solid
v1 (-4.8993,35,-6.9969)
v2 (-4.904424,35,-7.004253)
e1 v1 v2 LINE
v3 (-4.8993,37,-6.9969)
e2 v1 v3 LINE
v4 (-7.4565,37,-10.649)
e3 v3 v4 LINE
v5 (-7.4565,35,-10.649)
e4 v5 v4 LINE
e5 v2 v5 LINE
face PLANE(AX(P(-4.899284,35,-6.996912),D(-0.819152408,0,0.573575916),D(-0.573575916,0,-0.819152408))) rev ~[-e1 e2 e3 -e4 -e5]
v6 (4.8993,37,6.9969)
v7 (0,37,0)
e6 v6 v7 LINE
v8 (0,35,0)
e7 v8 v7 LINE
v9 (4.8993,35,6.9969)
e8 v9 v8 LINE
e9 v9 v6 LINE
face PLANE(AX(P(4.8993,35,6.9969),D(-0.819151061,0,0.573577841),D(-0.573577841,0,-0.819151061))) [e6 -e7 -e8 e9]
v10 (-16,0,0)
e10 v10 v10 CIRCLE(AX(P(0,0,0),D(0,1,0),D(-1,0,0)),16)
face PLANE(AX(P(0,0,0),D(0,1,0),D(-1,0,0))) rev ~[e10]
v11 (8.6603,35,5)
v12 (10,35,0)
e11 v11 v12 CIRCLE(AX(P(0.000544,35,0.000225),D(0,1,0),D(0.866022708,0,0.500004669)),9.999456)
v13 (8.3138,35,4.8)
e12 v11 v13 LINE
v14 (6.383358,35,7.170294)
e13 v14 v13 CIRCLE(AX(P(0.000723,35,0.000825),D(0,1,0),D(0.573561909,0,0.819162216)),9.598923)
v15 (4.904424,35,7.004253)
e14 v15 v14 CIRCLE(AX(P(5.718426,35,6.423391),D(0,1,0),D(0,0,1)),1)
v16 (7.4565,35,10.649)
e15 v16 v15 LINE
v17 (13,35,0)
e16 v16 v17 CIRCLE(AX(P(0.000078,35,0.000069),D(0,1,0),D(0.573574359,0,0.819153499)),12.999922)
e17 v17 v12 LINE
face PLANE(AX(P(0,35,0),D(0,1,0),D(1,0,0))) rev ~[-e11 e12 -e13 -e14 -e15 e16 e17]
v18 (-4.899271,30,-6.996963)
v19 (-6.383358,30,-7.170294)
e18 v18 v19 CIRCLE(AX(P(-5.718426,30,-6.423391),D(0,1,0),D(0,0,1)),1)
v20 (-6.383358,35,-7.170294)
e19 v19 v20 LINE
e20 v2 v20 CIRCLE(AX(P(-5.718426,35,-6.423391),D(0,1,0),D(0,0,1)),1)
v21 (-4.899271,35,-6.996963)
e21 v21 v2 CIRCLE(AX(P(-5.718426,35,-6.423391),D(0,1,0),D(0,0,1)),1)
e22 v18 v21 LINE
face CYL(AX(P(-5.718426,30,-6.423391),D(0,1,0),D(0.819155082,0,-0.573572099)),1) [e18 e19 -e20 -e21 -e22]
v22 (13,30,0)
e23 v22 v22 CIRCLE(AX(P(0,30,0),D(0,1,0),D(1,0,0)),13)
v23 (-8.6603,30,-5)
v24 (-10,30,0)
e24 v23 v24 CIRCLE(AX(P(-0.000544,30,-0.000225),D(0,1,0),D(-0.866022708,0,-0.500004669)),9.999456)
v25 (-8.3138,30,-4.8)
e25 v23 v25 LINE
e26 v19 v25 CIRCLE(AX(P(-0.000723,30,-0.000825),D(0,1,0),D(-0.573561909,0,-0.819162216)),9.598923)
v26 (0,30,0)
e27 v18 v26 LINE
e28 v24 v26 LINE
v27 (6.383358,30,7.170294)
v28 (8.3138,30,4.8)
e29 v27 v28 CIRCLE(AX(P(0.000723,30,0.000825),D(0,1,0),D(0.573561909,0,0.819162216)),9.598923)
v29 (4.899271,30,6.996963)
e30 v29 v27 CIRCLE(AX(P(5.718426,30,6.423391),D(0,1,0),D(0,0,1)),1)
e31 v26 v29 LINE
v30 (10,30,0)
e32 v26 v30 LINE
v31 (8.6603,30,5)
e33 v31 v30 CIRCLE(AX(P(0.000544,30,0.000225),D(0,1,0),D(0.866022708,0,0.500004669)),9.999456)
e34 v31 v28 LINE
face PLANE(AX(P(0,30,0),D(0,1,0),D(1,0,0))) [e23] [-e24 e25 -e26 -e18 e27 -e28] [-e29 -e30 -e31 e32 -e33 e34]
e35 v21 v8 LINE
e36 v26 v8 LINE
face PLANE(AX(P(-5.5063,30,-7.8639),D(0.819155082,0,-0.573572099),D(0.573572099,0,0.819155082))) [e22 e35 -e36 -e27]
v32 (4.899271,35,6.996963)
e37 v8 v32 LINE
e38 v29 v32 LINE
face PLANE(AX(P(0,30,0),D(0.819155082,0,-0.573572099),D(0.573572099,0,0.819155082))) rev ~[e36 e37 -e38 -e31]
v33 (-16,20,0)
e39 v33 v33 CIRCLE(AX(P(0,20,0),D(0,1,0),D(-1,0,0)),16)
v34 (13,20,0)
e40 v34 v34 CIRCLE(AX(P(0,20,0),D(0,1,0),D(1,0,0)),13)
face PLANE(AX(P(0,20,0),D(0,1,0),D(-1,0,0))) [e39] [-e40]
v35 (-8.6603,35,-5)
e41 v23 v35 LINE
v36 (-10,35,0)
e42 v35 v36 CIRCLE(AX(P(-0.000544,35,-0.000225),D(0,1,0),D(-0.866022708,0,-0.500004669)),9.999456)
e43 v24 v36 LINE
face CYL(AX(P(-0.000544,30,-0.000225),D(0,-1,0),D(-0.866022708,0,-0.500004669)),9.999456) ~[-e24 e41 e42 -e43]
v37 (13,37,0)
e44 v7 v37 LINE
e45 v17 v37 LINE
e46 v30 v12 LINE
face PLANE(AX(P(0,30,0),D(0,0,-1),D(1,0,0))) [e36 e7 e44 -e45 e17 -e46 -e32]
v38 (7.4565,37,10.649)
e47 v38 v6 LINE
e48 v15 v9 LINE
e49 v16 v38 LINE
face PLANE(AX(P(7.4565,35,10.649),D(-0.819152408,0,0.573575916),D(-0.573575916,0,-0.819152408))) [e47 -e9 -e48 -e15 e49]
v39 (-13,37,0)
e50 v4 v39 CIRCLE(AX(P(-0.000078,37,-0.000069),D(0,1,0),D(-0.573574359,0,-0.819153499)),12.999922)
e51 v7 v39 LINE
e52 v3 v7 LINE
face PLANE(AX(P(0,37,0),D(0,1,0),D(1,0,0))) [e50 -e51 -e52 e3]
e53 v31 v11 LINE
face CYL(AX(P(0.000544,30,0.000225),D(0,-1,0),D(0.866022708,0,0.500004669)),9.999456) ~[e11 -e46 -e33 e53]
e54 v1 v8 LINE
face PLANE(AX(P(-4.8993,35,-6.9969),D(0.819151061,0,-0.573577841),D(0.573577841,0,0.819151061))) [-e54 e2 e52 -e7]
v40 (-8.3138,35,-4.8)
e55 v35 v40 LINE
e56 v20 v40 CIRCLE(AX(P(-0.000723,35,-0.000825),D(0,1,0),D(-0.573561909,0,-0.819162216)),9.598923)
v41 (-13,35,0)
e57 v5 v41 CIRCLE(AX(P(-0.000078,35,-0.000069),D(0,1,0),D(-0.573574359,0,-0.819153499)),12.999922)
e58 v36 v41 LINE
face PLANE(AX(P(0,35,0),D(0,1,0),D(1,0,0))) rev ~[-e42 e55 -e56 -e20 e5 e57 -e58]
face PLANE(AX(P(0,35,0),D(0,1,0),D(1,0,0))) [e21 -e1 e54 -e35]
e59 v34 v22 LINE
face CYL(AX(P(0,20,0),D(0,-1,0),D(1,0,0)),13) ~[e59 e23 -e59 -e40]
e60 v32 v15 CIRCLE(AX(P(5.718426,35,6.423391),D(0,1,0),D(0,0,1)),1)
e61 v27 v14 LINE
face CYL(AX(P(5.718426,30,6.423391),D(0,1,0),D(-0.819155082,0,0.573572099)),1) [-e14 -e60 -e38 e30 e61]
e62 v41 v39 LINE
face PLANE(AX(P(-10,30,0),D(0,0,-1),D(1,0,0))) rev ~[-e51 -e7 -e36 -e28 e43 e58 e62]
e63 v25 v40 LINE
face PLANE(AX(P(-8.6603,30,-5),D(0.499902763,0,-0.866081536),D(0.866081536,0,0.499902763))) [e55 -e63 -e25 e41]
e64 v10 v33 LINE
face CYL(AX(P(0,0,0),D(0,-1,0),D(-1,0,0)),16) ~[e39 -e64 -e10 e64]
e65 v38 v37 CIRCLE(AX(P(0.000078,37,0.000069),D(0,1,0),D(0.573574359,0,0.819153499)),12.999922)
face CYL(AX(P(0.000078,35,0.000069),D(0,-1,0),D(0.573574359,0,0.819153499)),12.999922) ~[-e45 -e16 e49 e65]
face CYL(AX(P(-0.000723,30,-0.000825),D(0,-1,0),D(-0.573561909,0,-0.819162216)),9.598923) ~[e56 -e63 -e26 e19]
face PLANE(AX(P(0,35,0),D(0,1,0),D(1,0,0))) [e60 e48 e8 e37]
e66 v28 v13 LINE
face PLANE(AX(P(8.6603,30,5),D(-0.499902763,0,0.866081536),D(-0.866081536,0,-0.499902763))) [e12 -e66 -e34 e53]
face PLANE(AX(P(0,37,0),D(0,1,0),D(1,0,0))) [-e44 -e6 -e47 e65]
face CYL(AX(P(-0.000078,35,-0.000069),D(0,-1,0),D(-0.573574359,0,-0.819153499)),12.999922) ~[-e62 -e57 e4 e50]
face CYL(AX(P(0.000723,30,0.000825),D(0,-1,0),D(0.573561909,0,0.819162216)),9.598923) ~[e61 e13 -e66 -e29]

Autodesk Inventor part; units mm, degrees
ref_plane "YZ Plane" through (0, 0, 0) normal (1, 0, 0) x (0, 1, 0)
ref_plane "XZ Plane" through (0, 0, 0) normal (0, 1, 0) x (-1, 0, 0)
ref_plane "XY Plane" through (0, 0, 0) normal (0, 0, 1) x (1, 0, 0)
sketch "スケッチ1" plane through (0, 0, 0) normal (0, 1, 0) x (-1, 0, 0)
  circle A0 centre (0, 0) radius 16
  dimension "d0" = 32
extrude "押し出し1" add sketch "スケッチ1" along normal blind 20
sketch "スケッチ2" plane through (0, 20, 0) normal (0, 1, 0) x (1, 0, 0)
  circle A0 centre (0, 0) radius 13
  dimension "d3" = 26
extrude "押し出し2" add sketch "スケッチ2" along normal blind 10
sketch "スケッチ3" plane through (0, 30, 0) normal (0, 1, 0) x (1, 0, 0)
  arc A0 (-8.6603, 5) -> (-10, 0) centre (0, 0) ccw
  line L0 (0, 0) -> (-8.6603, 5) construction
  line L1 (0, 0) -> (-10, 0) construction
  arc A1 (-5.5063, 7.8639) -> (-8.3138, 4.8) centre (0, 0) ccw
  line L2 (0, 0) -> (-5.5063, 7.8639) construction
  line L3 (0, 0) -> (-8.3138, 4.8) construction
  arc A2 (8.6603, -5) -> (10, 0) centre (0, 0) ccw
  line L4 (0, 0) -> (8.6603, -5) construction
  line L5 (0, 0) -> (10, 0) construction
  arc A3 (5.5063, -7.8639) -> (8.3138, -4.8) centre (0, 0) ccw
  line L6 (0, 0) -> (5.5063, -7.8639) construction
  line L7 (0, 0) -> (8.3138, -4.8) construction
  line L8 (-8.6603, 5) -> (-8.3138, 4.8)
  line L9 (8.6603, -5) -> (8.3138, -4.8)
  line L10 (-5.5063, 7.8639) -> (5.5063, -7.8639)
  line L11 (-10, 0) -> (10, 0)
  dimension "d6" = 10
  dimension "d7" = 30
  dimension "d10" = 9.6
  dimension "d11" = 25
  dimension "d12" = 10
  dimension "d13" = 30
  dimension "d14" = 9.6
  dimension "d15" = 25
extrude "押し出し3" add sketch "スケッチ3" along normal blind 5
fillet "フィレット1" radius 1 2 edges at (-5.5063, 32.5, -7.8639) (5.5063, 32.5, 7.8639)
sketch "スケッチ4" plane through (0, 35, 0) normal (0, 1, 0) x (1, 0, 0)
  line L0 (-4.8993, 6.9969) -> (0, 0) projected
  line L1 (4.8993, -6.9969) -> (0, 0) projected
  arc A0 (7.4565, -10.649) -> (13, 0) centre (0, 0) ccw
  line L2 (0, 0) -> (7.4565, -10.649) construction
  line L3 (0, 0) -> (13, 0) construction
  line L4 (0, 0) -> (10, 0) projected
  arc A1 (-7.4565, 10.649) -> (-13, 0) centre (0, 0) ccw
  line L5 (0, 0) -> (-7.4565, 10.649) construction
  line L6 (0, 0) -> (-13, 0) construction
  circle A2 centre (0, 0) radius 13 projected
  line L7 (7.4565, -10.649) -> (0, 0)
  line L8 (0, 0) -> (13, 0)
  line L9 (0, 0) -> (-13, 0)
  line L10 (0, 0) -> (-7.4565, 10.649)
  dimension "d21" = 13
  dimension "d22" = 55
  dimension "d23" = 13
  dimension "d24" = 55
extrude "押し出し4" add sketch "スケッチ4" along normal blind 2 contours L0 L9 A1 L10 | L4 L8 A0 L7 L1
properties part number "kumi4-1"
